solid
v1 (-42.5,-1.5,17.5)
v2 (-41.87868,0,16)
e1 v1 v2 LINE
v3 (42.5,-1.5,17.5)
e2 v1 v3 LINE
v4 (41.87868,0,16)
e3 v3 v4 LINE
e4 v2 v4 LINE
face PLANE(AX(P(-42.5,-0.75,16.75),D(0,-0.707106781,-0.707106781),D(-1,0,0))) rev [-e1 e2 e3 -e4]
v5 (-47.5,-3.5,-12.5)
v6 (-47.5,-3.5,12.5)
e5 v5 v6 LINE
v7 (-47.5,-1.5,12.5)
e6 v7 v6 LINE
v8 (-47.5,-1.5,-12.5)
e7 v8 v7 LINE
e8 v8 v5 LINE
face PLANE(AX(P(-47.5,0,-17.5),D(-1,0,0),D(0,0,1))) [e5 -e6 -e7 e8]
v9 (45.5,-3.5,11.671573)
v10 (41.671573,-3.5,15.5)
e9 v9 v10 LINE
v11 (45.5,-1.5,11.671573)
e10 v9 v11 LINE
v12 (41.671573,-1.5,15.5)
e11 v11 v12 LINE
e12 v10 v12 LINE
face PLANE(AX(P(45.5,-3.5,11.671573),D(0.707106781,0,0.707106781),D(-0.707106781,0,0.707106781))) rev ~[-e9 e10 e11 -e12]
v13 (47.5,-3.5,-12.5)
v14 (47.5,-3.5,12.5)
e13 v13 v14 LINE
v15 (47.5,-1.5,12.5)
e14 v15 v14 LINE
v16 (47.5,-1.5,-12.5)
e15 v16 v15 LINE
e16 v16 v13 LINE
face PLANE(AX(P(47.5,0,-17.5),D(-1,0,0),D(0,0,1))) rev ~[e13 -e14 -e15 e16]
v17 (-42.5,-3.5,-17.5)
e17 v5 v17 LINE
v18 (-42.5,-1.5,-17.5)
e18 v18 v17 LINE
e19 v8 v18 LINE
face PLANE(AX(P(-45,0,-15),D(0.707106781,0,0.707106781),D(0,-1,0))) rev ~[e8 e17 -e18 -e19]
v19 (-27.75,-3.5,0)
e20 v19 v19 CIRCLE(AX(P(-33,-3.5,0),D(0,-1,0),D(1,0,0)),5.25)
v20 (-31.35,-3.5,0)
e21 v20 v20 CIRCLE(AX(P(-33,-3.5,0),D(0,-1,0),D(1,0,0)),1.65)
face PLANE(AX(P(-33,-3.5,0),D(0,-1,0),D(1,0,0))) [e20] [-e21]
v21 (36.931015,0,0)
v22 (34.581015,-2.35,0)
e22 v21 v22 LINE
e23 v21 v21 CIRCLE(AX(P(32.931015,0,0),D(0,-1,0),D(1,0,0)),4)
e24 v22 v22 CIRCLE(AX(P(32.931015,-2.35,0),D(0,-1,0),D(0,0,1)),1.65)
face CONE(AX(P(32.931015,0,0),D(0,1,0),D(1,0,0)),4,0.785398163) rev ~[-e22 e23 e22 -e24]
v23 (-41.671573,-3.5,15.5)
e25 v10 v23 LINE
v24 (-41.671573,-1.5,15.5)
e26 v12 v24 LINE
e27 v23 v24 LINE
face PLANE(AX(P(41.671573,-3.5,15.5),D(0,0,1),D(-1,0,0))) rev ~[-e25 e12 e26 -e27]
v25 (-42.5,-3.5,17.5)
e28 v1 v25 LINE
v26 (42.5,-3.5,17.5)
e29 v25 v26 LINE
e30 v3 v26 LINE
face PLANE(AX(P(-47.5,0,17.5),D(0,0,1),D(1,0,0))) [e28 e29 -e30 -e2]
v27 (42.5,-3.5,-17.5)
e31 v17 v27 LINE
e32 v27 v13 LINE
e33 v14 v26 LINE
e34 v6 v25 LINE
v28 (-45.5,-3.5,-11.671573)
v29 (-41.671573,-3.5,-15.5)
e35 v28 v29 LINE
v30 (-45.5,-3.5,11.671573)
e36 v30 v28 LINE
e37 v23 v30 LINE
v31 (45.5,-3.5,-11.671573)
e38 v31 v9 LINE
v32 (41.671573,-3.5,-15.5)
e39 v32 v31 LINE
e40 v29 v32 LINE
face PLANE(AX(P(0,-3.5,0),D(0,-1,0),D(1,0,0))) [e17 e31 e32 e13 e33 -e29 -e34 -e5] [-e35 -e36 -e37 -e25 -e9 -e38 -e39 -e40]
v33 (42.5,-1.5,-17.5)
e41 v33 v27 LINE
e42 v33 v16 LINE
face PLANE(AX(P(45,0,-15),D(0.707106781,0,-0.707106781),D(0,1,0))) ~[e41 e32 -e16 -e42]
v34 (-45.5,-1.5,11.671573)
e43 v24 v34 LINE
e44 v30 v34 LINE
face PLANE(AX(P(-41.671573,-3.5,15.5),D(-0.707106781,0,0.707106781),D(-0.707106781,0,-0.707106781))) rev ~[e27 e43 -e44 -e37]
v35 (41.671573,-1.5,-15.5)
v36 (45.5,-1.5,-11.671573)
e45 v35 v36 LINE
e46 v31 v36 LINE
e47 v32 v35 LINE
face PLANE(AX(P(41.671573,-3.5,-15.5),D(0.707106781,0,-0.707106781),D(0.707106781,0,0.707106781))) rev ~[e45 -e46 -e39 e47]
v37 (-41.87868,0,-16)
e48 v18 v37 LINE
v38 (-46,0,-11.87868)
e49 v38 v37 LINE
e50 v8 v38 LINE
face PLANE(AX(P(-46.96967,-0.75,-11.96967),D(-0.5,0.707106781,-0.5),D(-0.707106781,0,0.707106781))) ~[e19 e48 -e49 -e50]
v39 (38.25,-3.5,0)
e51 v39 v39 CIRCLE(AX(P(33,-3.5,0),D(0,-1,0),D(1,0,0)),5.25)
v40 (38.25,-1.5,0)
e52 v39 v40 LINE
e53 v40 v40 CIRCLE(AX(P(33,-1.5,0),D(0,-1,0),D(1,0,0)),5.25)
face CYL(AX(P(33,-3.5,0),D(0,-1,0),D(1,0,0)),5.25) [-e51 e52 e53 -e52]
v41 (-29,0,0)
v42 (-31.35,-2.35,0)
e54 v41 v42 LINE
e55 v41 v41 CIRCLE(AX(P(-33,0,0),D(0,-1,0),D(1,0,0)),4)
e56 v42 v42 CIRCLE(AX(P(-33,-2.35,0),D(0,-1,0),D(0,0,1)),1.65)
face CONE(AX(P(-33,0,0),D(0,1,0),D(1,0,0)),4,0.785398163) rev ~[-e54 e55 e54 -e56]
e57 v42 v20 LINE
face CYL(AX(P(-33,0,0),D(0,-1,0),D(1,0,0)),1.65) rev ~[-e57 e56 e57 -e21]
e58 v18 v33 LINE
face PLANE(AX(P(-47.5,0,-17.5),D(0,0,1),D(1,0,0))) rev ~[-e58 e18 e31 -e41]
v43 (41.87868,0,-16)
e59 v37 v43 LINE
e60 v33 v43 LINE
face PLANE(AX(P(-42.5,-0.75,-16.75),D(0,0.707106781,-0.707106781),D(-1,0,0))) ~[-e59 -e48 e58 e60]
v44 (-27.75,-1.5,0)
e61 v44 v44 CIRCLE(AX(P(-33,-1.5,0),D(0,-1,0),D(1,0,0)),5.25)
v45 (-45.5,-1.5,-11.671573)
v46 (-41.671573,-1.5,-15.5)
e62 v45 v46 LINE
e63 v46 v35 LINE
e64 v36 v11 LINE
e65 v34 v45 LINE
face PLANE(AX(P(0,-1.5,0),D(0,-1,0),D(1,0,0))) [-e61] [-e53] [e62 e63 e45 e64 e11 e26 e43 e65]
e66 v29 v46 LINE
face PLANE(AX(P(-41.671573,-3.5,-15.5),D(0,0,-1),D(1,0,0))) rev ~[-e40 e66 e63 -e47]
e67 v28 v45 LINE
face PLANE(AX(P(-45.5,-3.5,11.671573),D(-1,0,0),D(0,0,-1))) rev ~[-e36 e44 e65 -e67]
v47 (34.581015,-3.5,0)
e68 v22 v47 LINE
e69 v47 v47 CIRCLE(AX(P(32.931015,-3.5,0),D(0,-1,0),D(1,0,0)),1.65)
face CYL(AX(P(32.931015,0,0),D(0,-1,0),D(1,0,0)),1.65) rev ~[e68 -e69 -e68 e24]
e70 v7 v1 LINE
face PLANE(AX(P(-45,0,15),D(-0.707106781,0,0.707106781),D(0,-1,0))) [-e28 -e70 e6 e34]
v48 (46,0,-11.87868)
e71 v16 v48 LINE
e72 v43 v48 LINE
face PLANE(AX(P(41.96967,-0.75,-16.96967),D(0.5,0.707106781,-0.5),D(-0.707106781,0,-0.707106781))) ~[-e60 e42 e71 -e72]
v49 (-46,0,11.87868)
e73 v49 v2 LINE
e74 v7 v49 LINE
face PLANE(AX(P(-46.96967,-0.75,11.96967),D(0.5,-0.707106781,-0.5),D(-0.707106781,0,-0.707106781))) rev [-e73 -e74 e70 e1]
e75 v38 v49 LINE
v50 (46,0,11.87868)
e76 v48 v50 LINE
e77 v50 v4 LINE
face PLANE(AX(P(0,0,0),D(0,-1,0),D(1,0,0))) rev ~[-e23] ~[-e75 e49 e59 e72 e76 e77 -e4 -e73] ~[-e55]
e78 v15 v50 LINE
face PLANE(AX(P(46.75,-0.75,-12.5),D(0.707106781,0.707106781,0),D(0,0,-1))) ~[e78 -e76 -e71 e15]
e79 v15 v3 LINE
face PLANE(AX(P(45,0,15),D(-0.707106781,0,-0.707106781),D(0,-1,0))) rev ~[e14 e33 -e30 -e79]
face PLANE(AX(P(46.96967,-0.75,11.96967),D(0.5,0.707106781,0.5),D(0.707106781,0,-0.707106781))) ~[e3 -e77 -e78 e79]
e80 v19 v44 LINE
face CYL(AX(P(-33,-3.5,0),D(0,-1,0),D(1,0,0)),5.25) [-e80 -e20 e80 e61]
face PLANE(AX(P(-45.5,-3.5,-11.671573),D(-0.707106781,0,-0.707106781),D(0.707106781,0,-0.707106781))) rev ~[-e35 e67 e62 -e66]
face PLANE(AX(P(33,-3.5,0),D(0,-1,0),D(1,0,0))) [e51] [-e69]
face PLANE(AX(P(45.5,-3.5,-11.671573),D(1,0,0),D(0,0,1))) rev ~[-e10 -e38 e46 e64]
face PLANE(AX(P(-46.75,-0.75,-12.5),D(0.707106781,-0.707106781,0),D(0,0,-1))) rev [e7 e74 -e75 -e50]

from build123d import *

# Parameters (mm, degrees)
F0_W           = 95
F0_H           = 35
F1_DEPTH       = 3.5
F2_SIZE        = 5
F4_DEPTH       = 2
F5_R           = 5.25
F7_DEPTH       = 2
F8_D           = 3.3
F8_CSINK_D     = 8
F8_CSINK_ANGLE = 90
F9_SIZE        = 1.5


with BuildPart() as f1:
    # F0 (on Front) → F1 (new body)
    with BuildSketch(Plane.XZ):
        Rectangle(F0_W, F0_H)
    extrude(amount=F1_DEPTH)

    # F2
    f2_edges = [f1.edges().sort_by_distance(p)[0] for p in [
        (47.5, -1.75, -17.5),
        (47.5, -1.75, 17.5),
        (-47.5, -1.75, -17.5),
        (-47.5, -1.75, 17.5),
    ]]
    chamfer(f2_edges, length=F2_SIZE)

    # F3 (on face) → F4 (cut)
    with BuildSketch(Plane.XZ.offset(3.5)):
        Polygon((41.6715728753, 15.5), (-41.6715728753, 15.5), (-45.5, 11.6715728753), (-45.5, -11.6715728753), (-41.6715728753, -15.5), (41.6715728753, -15.5), (45.5, -11.6715728753), (45.5, 11.6715728753), align=None)
    extrude(amount=-F4_DEPTH, mode=Mode.SUBTRACT)

    # F5 (on face) → F7 (join, through all)
    with BuildSketch(Plane.XZ.offset(3.5)):
        with Locations((33, 0)):
            Circle(F5_R)
        with Locations((-33, 0)):
            Circle(F5_R)
    extrude(amount=-F7_DEPTH)

    # F8 (through all)
    with Locations(Plane(origin=(0, 0, 0), x_dir=(-1, 0, 0), z_dir=(0, 1, 0))):
        with Locations((33, 0), (-32.9310148954, 0)):
            CounterSinkHole(F8_D / 2, F8_CSINK_D / 2, counter_sink_angle=F8_CSINK_ANGLE)

    # F9
    f9_edges = [f1.edges().sort_by_distance(p)[0] for p in [
        (0, 0, -17.5),
        (45, 0, -15),
        (47.5, 0, 0),
        (45, 0, 15),
        (0, 0, 17.5),
        (-45, 0, 15),
        (-45, 0, -15),
        (-47.5, 0, 0),
    ]]
    chamfer(f9_edges, length=F9_SIZE)


solid = f1.part
